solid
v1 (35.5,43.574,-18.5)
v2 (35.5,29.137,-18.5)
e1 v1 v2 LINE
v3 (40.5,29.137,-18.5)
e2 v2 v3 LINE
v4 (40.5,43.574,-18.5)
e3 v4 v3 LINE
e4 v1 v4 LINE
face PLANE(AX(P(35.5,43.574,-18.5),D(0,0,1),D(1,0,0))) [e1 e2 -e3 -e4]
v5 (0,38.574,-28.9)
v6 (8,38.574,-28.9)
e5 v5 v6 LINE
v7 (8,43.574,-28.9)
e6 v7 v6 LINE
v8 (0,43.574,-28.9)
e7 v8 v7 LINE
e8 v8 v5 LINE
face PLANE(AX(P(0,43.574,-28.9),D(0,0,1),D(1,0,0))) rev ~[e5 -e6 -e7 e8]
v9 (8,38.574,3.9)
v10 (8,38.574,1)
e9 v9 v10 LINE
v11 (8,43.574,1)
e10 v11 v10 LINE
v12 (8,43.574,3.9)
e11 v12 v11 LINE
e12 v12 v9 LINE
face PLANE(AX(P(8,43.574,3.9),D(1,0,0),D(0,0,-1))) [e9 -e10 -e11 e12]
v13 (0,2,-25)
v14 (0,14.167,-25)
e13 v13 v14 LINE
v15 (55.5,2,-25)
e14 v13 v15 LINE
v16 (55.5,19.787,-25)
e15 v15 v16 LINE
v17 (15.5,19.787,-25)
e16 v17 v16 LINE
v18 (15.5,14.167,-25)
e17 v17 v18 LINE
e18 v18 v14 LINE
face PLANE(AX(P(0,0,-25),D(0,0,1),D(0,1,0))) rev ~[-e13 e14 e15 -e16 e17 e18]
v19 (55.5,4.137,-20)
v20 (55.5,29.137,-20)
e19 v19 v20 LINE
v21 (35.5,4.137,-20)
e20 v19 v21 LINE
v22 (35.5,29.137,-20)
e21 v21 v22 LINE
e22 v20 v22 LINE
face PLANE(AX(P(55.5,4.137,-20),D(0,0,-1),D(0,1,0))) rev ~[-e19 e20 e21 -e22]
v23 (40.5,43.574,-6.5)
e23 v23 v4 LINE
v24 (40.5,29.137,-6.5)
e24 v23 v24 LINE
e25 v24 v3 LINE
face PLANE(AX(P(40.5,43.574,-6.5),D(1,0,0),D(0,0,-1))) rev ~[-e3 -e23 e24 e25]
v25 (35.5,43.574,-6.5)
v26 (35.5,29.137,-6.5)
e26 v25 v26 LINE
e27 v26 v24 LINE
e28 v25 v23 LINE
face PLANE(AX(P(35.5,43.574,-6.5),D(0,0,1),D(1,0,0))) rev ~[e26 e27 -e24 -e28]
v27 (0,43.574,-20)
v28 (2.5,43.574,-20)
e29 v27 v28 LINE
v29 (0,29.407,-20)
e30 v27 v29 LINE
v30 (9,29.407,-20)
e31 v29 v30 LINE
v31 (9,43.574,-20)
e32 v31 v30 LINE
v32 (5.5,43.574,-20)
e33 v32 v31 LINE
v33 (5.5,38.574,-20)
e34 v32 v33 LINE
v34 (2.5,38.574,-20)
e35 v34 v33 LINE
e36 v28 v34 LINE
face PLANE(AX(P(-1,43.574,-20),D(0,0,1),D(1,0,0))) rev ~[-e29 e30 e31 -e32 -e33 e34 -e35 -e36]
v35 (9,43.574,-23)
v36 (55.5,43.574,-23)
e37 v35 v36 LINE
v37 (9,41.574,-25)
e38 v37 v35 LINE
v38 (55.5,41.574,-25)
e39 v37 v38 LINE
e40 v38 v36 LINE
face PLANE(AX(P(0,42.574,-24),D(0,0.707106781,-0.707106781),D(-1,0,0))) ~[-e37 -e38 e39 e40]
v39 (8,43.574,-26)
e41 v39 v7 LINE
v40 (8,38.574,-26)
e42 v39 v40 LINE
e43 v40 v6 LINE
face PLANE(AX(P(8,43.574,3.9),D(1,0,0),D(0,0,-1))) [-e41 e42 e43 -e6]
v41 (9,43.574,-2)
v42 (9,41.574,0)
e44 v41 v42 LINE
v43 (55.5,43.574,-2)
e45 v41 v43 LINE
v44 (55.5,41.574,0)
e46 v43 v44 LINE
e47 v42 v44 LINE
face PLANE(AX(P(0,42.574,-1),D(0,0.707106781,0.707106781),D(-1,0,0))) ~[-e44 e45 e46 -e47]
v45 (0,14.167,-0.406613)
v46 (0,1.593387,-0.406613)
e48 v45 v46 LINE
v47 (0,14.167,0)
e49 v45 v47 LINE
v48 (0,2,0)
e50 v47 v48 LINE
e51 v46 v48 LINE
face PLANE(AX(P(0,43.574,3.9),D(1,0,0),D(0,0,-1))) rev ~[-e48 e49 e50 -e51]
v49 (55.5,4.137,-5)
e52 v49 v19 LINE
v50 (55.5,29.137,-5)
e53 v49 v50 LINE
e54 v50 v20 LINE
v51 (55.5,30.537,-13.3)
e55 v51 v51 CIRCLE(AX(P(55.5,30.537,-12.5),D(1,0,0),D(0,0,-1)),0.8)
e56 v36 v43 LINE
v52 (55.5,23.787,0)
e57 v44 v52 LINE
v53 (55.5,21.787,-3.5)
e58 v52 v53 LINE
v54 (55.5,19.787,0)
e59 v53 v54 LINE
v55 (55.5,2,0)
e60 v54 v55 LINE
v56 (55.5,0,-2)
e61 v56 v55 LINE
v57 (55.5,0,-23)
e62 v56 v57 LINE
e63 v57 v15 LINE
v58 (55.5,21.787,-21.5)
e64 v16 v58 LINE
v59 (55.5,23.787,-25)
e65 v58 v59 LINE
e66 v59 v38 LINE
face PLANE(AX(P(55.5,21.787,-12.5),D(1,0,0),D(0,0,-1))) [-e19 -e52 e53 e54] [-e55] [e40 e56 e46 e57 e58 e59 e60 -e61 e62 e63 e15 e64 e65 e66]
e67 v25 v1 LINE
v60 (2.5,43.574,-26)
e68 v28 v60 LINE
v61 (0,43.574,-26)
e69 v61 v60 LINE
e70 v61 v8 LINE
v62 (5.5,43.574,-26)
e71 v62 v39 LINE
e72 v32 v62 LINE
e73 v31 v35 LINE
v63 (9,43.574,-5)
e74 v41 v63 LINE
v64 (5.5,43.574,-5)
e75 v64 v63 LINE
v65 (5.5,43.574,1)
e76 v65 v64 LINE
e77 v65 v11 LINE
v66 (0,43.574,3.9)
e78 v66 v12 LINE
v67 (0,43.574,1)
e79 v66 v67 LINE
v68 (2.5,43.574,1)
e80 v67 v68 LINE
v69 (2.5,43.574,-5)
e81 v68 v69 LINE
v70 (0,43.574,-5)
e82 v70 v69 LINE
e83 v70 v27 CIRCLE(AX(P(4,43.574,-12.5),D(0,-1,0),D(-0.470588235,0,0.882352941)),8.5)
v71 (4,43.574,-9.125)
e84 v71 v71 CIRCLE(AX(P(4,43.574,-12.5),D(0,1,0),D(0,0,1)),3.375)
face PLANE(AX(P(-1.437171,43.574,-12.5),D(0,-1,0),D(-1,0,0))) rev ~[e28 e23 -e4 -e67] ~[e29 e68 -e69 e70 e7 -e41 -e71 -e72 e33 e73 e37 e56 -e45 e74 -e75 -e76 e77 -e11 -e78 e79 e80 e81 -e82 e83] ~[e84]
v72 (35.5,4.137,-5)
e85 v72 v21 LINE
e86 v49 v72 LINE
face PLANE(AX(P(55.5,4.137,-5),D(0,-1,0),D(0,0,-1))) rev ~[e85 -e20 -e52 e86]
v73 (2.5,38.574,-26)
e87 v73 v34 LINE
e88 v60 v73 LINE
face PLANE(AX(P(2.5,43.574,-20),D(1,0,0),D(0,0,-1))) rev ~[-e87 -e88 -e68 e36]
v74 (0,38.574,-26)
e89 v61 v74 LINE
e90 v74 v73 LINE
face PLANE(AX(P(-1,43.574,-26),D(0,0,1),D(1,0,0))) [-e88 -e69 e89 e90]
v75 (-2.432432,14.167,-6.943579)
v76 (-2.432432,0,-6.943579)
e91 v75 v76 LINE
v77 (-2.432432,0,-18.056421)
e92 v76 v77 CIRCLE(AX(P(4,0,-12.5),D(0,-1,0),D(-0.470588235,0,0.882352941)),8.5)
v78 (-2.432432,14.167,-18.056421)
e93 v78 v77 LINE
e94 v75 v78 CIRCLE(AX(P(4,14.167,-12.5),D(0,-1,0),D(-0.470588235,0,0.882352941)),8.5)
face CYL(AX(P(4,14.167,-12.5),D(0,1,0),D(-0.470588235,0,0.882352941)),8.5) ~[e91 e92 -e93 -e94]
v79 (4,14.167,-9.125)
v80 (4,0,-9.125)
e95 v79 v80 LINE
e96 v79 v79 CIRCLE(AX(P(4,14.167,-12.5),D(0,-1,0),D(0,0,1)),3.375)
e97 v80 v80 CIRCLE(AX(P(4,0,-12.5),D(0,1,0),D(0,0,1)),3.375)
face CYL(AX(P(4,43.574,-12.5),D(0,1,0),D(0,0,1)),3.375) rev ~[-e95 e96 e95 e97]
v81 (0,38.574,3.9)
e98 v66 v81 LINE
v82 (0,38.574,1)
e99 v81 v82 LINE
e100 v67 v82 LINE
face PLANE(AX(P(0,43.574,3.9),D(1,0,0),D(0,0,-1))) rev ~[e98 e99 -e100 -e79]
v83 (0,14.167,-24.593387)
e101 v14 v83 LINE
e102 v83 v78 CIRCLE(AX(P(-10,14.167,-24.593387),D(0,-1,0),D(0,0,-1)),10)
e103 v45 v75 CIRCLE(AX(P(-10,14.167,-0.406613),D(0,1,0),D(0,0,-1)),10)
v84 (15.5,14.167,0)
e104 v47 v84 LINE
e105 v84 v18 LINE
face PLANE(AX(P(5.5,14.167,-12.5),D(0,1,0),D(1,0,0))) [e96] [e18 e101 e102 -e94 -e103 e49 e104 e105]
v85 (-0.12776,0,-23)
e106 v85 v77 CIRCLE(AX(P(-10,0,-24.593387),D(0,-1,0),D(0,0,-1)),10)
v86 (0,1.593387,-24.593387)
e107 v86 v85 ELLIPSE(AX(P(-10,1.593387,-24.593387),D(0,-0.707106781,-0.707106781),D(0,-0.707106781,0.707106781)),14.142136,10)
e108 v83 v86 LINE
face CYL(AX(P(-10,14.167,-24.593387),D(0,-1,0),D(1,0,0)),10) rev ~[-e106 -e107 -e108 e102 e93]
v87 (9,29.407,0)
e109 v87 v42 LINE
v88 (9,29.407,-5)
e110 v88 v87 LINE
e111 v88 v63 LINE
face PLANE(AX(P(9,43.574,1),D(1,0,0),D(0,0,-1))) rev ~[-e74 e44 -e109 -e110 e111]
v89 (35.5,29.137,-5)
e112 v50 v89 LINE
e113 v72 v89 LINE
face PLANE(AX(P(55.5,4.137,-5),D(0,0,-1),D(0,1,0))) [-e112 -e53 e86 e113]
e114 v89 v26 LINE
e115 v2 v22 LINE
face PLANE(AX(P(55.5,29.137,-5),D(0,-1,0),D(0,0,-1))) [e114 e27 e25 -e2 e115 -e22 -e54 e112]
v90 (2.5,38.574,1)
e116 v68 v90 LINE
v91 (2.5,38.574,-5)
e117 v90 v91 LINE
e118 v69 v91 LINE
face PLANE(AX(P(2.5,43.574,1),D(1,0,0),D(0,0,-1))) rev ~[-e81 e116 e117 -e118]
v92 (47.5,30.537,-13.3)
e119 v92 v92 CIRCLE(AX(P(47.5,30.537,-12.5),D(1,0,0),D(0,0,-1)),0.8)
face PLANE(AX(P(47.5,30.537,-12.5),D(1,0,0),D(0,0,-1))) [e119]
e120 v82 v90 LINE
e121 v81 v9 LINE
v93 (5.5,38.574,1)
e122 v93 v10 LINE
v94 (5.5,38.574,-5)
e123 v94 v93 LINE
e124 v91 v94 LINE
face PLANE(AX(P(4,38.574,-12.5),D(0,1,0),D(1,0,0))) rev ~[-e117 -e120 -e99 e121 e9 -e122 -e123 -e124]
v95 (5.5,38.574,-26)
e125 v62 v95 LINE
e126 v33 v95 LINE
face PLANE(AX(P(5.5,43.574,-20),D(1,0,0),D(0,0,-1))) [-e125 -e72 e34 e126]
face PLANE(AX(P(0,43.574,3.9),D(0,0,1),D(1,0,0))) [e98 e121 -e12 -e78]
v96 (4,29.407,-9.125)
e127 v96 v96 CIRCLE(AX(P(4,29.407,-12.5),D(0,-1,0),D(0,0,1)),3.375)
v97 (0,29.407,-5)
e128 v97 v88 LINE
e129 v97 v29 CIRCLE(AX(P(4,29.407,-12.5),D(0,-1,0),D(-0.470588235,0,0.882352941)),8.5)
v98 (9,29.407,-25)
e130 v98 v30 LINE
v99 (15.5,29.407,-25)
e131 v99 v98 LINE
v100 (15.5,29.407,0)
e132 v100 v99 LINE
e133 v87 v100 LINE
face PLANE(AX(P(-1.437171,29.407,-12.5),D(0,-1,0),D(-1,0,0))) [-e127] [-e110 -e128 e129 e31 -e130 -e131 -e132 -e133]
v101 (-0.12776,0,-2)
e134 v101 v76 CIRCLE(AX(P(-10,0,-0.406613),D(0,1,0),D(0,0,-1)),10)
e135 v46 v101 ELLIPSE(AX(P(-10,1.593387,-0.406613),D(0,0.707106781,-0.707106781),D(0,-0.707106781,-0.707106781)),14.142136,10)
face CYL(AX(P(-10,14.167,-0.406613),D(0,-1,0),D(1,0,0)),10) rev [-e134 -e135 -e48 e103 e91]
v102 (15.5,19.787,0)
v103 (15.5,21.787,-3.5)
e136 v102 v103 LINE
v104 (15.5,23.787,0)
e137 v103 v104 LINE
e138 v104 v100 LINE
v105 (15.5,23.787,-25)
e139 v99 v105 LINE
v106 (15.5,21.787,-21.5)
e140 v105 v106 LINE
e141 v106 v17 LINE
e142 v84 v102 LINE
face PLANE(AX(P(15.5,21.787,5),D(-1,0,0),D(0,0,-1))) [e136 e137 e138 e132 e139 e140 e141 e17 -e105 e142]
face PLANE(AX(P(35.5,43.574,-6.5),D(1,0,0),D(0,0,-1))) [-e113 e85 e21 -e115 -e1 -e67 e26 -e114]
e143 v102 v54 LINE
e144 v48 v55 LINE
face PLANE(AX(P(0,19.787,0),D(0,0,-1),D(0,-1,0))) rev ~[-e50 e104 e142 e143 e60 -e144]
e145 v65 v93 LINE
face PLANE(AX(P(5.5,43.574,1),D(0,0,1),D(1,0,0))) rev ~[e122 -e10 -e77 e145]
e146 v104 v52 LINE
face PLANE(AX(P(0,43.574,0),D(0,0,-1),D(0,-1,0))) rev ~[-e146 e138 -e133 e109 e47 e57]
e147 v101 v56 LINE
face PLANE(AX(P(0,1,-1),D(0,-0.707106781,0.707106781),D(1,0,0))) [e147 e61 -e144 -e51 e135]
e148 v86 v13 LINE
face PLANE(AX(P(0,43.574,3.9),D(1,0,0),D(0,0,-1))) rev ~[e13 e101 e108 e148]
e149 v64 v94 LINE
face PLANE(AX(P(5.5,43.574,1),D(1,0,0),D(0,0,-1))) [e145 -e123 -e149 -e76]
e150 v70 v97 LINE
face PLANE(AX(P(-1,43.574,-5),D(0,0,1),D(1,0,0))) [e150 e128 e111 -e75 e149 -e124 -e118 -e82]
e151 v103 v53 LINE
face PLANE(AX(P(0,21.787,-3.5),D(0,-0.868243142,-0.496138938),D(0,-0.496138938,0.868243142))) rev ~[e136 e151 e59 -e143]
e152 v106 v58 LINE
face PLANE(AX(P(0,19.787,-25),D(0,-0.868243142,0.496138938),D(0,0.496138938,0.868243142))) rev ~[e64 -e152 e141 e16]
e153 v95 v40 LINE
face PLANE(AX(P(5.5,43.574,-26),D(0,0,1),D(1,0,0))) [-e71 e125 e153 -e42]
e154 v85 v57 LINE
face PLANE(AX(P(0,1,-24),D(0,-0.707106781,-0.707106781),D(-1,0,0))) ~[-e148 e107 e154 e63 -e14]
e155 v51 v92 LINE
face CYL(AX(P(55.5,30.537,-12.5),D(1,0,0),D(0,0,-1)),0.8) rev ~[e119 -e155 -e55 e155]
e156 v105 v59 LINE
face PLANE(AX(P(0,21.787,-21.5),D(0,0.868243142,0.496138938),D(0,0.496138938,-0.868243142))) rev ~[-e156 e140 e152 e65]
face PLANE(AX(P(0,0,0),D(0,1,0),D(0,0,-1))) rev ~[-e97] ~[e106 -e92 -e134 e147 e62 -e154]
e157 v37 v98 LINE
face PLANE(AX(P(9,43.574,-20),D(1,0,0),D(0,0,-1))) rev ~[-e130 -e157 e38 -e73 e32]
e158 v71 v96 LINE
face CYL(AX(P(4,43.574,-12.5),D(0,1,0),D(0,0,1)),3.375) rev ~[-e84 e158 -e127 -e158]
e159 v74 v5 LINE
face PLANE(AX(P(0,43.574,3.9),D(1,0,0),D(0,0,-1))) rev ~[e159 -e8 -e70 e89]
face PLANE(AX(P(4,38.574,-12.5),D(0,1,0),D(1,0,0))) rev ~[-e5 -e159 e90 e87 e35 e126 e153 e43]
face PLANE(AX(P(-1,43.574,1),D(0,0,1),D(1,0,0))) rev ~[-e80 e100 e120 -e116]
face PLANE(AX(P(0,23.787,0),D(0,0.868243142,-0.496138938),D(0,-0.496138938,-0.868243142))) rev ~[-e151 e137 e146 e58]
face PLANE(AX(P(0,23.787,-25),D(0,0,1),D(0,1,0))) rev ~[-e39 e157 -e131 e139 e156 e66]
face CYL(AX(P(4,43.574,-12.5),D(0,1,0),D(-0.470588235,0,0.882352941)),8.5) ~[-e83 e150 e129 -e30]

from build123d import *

# Parameters (mm, degrees)
BOSS_EXTRUDE1_DEPTH = 55.5
CHAMFER1_SIZE       = 2
SKETCH4_W           = 8
SKETCH4_H           = 32.8
BOSS_EXTRUDE2_DEPTH = 5
SKETCH7_W           = 3.5
SKETCH7_H           = 6
CUT_EXTRUDE5_DEPTH  = 10
SKETCH5_R           = 3.375
CUT_EXTRUDE3_DEPTH  = 77.250596562
SKETCH6_R           = 3.375
CUT_EXTRUDE4_DEPTH  = 7.62
SKETCH8_W           = 9
SKETCH8_H           = 5
CUT_EXTRUDE6_DEPTH  = 9.167
BOSS_EXTRUDE3_DEPTH = 14.167
BOSS_EXTRUDE4_START = -29.407
BOSS_EXTRUDE4_DEPTH = 14.167
FILLET1_R           = 10
SKETCH10_W          = 15
SKETCH10_H          = 25
CUT_EXTRUDE7_DEPTH  = 20
SKETCH11_R          = 0.8
CUT_EXTRUDE8_DEPTH  = 8
SKETCH12_W          = 5
SKETCH12_H          = 12
CUT_EXTRUDE9_DEPTH  = 14.437


with BuildPart() as part:
    # Sketch1 → Boss-Extrude1 (new body)
    with BuildSketch(Plane(origin=(0, 0, 0), x_dir=(0, 0, -1), z_dir=(1, 0, 0))):
        Polygon((0, 0), (25, 0), (25, 19.787), (21.5, 21.787), (25, 23.787), (25, 43.574), (0, 43.574), (0, 23.787), (3.5, 21.787), (0, 19.787), align=None)
    extrude(amount=BOSS_EXTRUDE1_DEPTH)

    # Chamfer1
    chamfer1_edges = [part.edges().sort_by_distance(p)[0] for p in [
        (27.75, 43.574, 0),
        (27.75, 43.574, -25),
        (27.75, 0, -25),
        (27.75, 0, 0),
    ]]
    chamfer(chamfer1_edges, length=CHAMFER1_SIZE)

    # Sketch4 → Boss-Extrude2 (add)
    with BuildSketch(Plane(origin=(0, 43.574, 0), x_dir=(1, 0, 0), z_dir=(0, 1, 0))):
        with Locations((4, 12.5)):
            Rectangle(SKETCH4_W, SKETCH4_H)
    extrude(amount=-BOSS_EXTRUDE2_DEPTH)

    # Sketch7 → Cut-Extrude5 (cut)
    with BuildSketch(Plane(origin=(0, 43.574, 0), x_dir=(1, 0, 0), z_dir=(0, 1, 0))):
        with Locations((7.25, 2)):
            Rectangle(SKETCH7_W, SKETCH7_H)
        with Locations((7.25, 23)):
            Rectangle(SKETCH7_W, SKETCH7_H)
        with Locations((0.75, 2)):
            Rectangle(SKETCH7_W, SKETCH7_H)
        with Locations((0.75, 23)):
            Rectangle(SKETCH7_W, SKETCH7_H)
    extrude(amount=-CUT_EXTRUDE5_DEPTH, mode=Mode.SUBTRACT)

    # Sketch5 → Cut-Extrude3 (cut, through all)
    with BuildSketch(Plane(origin=(0, 43.574, 0), x_dir=(1, 0, 0), z_dir=(0, 1, 0))):
        with Locations(Location((4, 12.5, 0), (0, 0, 270))):
            Circle(SKETCH5_R)
    extrude(amount=-CUT_EXTRUDE3_DEPTH, mode=Mode.SUBTRACT)

    # Sketch6 → Cut-Extrude4 (cut, symmetric)
    with BuildSketch(Plane(origin=(0, 21.787, 0), x_dir=(-1, 0, 0), z_dir=(0, -1, 0))):
        Polygon((-4, 30), (4.5, 30), (4.5, -5), (-4, -5), (-15.5, -5), (-15.5, 30), align=None)
        with Locations(Location((-4, 12.5, 0), (0, 0, 270))):
            Circle(SKETCH6_R, mode=Mode.SUBTRACT)
    extrude(amount=CUT_EXTRUDE4_DEPTH, both=True, mode=Mode.SUBTRACT)

    # Sketch8 → Cut-Extrude6 (cut)
    with BuildSketch(Plane.XZ.offset(-29.407)):
        with Locations((4.5, -22.5)):
            Rectangle(SKETCH8_W, SKETCH8_H)
        with Locations((4.5, -2.5)):
            Rectangle(SKETCH8_W, SKETCH8_H)
    extrude(amount=-CUT_EXTRUDE6_DEPTH, mode=Mode.SUBTRACT)

    # Sketch9 → Boss-Extrude3 (add)
    with BuildSketch(Plane(origin=(0, 43.574, 0), x_dir=(1, 0, 0), z_dir=(0, 1, 0))):
        with BuildLine():
            Line((0, 20), (0, 5))
            ThreePointArc((0, 5), (-4.5, 12.5), (0, 20))
        make_face()
    extrude(amount=-BOSS_EXTRUDE3_DEPTH)

    # Sketch9<2> → Boss-Extrude4 (add)
    with BuildSketch(Plane(origin=(0, 43.574, 0), x_dir=(1, 0, 0), z_dir=(0, 1, 0)).offset(BOSS_EXTRUDE4_START)):
        with BuildLine():
            Line((0, 20), (0, 5))
            ThreePointArc((0, 5), (-4.5, 12.5), (0, 20))
        make_face()
    extrude(amount=-BOSS_EXTRUDE4_DEPTH)

    # Fillet1
    fillet1_edges = [part.edges().sort_by_distance(p)[0] for p in [
        (0, 7.0835, -20),
        (0, 7.0835, -5),
    ]]
    fillet(fillet1_edges, radius=FILLET1_R)

    # Sketch10 → Cut-Extrude7 (cut)
    with BuildSketch(Plane(origin=(55.5, 0, 0), x_dir=(0, 0, -1), z_dir=(1, 0, 0))):
        with Locations((12.5, 16.637)):
            Rectangle(SKETCH10_W, SKETCH10_H)
    extrude(amount=-CUT_EXTRUDE7_DEPTH, mode=Mode.SUBTRACT)

    # Sketch11 → Cut-Extrude8 (cut)
    with BuildSketch(Plane(origin=(55.5, 0, 0), x_dir=(0, 0, -1), z_dir=(1, 0, 0))):
        with Locations((12.5, 30.537)):
            Circle(SKETCH11_R)
    extrude(amount=-CUT_EXTRUDE8_DEPTH, mode=Mode.SUBTRACT)

    # Sketch12 → Cut-Extrude9 (cut)
    with BuildSketch(Plane(origin=(0, 43.574, 0), x_dir=(1, 0, 0), z_dir=(0, 1, 0))):
        with Locations((38, 12.5)):
            Rectangle(SKETCH12_W, SKETCH12_H)
    extrude(amount=-CUT_EXTRUDE9_DEPTH, mode=Mode.SUBTRACT)


solid = part.part
